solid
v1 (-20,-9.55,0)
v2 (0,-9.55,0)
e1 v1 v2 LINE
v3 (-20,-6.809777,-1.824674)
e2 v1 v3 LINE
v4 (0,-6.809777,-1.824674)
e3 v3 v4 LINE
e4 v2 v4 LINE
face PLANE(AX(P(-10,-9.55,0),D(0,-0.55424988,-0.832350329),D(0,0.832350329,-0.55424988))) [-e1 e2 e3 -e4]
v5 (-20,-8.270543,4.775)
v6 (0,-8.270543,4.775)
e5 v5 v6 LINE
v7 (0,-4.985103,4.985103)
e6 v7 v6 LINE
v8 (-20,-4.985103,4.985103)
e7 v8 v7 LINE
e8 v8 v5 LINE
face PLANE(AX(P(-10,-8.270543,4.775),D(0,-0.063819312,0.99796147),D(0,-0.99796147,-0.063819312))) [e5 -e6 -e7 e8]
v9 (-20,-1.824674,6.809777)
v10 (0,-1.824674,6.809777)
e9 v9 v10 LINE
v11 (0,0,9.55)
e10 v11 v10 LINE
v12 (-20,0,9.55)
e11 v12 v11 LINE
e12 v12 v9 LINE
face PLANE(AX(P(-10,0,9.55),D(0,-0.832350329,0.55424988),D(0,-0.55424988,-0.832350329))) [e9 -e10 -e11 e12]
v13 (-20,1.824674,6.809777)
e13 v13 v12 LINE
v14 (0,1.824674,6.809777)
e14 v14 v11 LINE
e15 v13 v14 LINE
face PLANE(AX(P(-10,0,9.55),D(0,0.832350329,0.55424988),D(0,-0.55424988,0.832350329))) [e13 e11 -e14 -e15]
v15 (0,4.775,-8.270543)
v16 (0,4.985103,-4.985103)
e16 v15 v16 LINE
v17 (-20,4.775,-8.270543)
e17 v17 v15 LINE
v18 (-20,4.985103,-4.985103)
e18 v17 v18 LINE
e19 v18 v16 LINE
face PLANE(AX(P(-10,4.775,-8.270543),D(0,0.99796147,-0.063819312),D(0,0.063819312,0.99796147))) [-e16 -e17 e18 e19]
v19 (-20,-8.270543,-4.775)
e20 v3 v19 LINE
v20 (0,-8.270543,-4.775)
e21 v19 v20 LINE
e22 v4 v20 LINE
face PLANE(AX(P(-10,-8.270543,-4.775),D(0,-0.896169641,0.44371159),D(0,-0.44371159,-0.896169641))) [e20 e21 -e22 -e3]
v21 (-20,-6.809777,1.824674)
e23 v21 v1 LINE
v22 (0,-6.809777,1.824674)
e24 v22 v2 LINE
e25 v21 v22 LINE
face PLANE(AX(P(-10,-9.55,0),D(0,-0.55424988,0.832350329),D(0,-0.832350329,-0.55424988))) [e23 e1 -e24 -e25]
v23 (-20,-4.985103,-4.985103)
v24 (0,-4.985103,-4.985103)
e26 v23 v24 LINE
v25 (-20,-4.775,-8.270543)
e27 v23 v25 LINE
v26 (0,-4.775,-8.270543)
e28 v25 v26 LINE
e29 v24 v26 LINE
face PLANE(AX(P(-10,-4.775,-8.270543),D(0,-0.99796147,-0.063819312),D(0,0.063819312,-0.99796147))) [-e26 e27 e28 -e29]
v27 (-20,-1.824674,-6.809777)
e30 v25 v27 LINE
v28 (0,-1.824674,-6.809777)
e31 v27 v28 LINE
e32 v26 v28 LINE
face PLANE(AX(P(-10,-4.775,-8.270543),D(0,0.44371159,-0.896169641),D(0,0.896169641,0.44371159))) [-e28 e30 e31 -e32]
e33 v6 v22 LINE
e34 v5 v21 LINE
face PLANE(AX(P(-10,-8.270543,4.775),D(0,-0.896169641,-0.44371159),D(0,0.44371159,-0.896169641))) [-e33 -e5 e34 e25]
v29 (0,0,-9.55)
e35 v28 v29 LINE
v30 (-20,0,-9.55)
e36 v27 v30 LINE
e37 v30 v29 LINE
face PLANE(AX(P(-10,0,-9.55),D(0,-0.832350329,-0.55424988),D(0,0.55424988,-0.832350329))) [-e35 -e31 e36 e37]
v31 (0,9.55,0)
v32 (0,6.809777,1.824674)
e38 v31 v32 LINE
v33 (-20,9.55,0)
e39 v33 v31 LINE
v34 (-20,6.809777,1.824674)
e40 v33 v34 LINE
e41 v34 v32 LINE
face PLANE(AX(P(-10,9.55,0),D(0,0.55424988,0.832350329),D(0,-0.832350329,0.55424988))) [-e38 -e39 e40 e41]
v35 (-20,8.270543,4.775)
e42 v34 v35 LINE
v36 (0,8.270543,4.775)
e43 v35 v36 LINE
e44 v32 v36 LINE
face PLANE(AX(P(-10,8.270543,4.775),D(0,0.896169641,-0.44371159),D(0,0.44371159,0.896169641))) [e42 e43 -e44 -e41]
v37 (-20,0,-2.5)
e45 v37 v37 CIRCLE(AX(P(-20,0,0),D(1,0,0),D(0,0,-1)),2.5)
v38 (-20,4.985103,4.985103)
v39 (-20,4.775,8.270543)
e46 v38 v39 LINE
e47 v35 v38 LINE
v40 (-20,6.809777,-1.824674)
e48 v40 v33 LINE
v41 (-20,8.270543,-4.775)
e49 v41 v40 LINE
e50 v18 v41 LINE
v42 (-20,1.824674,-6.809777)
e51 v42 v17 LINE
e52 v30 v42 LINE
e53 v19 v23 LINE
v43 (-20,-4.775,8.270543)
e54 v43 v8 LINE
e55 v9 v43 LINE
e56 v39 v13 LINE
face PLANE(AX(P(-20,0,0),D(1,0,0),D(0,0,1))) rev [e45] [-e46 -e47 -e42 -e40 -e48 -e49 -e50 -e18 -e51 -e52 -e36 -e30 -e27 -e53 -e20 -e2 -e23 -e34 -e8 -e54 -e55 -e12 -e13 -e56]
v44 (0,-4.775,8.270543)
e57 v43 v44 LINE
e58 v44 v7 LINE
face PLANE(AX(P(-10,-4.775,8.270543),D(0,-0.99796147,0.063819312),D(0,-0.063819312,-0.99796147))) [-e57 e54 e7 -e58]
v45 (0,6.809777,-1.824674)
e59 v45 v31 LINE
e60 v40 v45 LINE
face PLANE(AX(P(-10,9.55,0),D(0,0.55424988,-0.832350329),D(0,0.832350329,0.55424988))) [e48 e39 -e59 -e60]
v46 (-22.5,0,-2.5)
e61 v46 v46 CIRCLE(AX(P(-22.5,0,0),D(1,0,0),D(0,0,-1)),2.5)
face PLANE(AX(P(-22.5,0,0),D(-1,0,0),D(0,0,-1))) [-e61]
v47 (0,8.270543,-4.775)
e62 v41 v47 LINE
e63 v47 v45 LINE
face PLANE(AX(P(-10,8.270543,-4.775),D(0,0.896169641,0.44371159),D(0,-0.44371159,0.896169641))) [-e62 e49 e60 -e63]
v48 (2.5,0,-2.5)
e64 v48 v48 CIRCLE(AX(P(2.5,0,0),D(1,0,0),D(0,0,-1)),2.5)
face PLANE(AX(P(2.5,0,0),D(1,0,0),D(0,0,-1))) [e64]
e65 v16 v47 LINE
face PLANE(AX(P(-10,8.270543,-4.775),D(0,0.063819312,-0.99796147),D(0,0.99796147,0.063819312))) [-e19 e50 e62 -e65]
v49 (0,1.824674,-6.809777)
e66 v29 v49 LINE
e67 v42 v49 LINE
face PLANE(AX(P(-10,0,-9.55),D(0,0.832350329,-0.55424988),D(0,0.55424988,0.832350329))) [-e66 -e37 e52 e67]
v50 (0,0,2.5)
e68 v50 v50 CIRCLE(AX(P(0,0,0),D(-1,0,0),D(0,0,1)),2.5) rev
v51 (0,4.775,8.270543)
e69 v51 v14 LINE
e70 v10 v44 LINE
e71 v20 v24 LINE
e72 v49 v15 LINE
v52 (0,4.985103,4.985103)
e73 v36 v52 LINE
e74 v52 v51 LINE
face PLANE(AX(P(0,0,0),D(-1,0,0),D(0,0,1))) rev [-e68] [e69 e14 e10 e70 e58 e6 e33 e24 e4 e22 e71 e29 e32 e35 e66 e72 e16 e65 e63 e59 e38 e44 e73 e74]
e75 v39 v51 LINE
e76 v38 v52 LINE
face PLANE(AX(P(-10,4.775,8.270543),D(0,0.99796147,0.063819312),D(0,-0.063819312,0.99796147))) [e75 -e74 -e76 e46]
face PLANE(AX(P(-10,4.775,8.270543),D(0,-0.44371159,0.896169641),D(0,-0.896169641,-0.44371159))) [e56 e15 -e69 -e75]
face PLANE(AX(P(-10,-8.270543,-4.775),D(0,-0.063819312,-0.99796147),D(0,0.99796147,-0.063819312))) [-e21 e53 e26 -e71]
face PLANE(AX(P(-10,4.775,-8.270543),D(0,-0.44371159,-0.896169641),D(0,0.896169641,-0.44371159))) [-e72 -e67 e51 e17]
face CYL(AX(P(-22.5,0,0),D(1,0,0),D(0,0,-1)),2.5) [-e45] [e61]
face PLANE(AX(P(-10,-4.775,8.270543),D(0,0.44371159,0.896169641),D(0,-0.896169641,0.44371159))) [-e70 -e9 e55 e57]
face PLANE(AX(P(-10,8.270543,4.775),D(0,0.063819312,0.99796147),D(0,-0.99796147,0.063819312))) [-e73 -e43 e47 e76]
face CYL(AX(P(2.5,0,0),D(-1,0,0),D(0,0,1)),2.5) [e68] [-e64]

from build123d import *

# Parameters (mm, degrees)
BOSS_EXTRUDE1_DEPTH = 10
SKETCH4_R           = 2.5
BOSS_EXTRUDE3_DEPTH = 2.5


with BuildPart() as part:
    # Sketch1 → Boss-Extrude1 (new body)
    with BuildSketch(Plane(origin=(0, 0, 0), x_dir=(0, 0, -1), z_dir=(1, 0, 0))):
        Polygon((0, 9.55), (1.824674268, 6.809777075), (4.775, 8.270542606), (4.985102807, 4.985102807), (8.270542606, 4.775), (6.809777075, 1.824674268), (9.55, 0), (6.809777075, -1.824674268), (8.270542606, -4.775), (4.985102807, -4.985102807), (4.775, -8.270542606), (1.824674268, -6.809777075), (0, -9.55), (-1.824674268, -6.809777075), (-4.775, -8.270542606), (-4.985102807, -4.985102807), (-8.270542606, -4.775), (-6.809777075, -1.824674268), (-9.55, 0), (-6.809777075, 1.824674268), (-8.270542606, 4.775), (-4.985102807, 4.985102807), (-4.775, 8.270542606), (-1.824674268, 6.809777075), align=None)
    boss_extrude1 = extrude(amount=-BOSS_EXTRUDE1_DEPTH)

    # Sketch4 → Boss-Extrude3 (add)
    with BuildSketch(Plane(origin=(0, 0, 0), x_dir=(0, 0, -1), z_dir=(1, 0, 0))):
        Circle(SKETCH4_R)
    boss_extrude3 = extrude(amount=BOSS_EXTRUDE3_DEPTH)

    # Mirror1: Boss-Extrude1, Boss-Extrude3 across plane
    add(boss_extrude1.mirror(Plane.ZY.offset(10)))
    add(boss_extrude3.mirror(Plane.ZY.offset(10)))


solid = part.part
